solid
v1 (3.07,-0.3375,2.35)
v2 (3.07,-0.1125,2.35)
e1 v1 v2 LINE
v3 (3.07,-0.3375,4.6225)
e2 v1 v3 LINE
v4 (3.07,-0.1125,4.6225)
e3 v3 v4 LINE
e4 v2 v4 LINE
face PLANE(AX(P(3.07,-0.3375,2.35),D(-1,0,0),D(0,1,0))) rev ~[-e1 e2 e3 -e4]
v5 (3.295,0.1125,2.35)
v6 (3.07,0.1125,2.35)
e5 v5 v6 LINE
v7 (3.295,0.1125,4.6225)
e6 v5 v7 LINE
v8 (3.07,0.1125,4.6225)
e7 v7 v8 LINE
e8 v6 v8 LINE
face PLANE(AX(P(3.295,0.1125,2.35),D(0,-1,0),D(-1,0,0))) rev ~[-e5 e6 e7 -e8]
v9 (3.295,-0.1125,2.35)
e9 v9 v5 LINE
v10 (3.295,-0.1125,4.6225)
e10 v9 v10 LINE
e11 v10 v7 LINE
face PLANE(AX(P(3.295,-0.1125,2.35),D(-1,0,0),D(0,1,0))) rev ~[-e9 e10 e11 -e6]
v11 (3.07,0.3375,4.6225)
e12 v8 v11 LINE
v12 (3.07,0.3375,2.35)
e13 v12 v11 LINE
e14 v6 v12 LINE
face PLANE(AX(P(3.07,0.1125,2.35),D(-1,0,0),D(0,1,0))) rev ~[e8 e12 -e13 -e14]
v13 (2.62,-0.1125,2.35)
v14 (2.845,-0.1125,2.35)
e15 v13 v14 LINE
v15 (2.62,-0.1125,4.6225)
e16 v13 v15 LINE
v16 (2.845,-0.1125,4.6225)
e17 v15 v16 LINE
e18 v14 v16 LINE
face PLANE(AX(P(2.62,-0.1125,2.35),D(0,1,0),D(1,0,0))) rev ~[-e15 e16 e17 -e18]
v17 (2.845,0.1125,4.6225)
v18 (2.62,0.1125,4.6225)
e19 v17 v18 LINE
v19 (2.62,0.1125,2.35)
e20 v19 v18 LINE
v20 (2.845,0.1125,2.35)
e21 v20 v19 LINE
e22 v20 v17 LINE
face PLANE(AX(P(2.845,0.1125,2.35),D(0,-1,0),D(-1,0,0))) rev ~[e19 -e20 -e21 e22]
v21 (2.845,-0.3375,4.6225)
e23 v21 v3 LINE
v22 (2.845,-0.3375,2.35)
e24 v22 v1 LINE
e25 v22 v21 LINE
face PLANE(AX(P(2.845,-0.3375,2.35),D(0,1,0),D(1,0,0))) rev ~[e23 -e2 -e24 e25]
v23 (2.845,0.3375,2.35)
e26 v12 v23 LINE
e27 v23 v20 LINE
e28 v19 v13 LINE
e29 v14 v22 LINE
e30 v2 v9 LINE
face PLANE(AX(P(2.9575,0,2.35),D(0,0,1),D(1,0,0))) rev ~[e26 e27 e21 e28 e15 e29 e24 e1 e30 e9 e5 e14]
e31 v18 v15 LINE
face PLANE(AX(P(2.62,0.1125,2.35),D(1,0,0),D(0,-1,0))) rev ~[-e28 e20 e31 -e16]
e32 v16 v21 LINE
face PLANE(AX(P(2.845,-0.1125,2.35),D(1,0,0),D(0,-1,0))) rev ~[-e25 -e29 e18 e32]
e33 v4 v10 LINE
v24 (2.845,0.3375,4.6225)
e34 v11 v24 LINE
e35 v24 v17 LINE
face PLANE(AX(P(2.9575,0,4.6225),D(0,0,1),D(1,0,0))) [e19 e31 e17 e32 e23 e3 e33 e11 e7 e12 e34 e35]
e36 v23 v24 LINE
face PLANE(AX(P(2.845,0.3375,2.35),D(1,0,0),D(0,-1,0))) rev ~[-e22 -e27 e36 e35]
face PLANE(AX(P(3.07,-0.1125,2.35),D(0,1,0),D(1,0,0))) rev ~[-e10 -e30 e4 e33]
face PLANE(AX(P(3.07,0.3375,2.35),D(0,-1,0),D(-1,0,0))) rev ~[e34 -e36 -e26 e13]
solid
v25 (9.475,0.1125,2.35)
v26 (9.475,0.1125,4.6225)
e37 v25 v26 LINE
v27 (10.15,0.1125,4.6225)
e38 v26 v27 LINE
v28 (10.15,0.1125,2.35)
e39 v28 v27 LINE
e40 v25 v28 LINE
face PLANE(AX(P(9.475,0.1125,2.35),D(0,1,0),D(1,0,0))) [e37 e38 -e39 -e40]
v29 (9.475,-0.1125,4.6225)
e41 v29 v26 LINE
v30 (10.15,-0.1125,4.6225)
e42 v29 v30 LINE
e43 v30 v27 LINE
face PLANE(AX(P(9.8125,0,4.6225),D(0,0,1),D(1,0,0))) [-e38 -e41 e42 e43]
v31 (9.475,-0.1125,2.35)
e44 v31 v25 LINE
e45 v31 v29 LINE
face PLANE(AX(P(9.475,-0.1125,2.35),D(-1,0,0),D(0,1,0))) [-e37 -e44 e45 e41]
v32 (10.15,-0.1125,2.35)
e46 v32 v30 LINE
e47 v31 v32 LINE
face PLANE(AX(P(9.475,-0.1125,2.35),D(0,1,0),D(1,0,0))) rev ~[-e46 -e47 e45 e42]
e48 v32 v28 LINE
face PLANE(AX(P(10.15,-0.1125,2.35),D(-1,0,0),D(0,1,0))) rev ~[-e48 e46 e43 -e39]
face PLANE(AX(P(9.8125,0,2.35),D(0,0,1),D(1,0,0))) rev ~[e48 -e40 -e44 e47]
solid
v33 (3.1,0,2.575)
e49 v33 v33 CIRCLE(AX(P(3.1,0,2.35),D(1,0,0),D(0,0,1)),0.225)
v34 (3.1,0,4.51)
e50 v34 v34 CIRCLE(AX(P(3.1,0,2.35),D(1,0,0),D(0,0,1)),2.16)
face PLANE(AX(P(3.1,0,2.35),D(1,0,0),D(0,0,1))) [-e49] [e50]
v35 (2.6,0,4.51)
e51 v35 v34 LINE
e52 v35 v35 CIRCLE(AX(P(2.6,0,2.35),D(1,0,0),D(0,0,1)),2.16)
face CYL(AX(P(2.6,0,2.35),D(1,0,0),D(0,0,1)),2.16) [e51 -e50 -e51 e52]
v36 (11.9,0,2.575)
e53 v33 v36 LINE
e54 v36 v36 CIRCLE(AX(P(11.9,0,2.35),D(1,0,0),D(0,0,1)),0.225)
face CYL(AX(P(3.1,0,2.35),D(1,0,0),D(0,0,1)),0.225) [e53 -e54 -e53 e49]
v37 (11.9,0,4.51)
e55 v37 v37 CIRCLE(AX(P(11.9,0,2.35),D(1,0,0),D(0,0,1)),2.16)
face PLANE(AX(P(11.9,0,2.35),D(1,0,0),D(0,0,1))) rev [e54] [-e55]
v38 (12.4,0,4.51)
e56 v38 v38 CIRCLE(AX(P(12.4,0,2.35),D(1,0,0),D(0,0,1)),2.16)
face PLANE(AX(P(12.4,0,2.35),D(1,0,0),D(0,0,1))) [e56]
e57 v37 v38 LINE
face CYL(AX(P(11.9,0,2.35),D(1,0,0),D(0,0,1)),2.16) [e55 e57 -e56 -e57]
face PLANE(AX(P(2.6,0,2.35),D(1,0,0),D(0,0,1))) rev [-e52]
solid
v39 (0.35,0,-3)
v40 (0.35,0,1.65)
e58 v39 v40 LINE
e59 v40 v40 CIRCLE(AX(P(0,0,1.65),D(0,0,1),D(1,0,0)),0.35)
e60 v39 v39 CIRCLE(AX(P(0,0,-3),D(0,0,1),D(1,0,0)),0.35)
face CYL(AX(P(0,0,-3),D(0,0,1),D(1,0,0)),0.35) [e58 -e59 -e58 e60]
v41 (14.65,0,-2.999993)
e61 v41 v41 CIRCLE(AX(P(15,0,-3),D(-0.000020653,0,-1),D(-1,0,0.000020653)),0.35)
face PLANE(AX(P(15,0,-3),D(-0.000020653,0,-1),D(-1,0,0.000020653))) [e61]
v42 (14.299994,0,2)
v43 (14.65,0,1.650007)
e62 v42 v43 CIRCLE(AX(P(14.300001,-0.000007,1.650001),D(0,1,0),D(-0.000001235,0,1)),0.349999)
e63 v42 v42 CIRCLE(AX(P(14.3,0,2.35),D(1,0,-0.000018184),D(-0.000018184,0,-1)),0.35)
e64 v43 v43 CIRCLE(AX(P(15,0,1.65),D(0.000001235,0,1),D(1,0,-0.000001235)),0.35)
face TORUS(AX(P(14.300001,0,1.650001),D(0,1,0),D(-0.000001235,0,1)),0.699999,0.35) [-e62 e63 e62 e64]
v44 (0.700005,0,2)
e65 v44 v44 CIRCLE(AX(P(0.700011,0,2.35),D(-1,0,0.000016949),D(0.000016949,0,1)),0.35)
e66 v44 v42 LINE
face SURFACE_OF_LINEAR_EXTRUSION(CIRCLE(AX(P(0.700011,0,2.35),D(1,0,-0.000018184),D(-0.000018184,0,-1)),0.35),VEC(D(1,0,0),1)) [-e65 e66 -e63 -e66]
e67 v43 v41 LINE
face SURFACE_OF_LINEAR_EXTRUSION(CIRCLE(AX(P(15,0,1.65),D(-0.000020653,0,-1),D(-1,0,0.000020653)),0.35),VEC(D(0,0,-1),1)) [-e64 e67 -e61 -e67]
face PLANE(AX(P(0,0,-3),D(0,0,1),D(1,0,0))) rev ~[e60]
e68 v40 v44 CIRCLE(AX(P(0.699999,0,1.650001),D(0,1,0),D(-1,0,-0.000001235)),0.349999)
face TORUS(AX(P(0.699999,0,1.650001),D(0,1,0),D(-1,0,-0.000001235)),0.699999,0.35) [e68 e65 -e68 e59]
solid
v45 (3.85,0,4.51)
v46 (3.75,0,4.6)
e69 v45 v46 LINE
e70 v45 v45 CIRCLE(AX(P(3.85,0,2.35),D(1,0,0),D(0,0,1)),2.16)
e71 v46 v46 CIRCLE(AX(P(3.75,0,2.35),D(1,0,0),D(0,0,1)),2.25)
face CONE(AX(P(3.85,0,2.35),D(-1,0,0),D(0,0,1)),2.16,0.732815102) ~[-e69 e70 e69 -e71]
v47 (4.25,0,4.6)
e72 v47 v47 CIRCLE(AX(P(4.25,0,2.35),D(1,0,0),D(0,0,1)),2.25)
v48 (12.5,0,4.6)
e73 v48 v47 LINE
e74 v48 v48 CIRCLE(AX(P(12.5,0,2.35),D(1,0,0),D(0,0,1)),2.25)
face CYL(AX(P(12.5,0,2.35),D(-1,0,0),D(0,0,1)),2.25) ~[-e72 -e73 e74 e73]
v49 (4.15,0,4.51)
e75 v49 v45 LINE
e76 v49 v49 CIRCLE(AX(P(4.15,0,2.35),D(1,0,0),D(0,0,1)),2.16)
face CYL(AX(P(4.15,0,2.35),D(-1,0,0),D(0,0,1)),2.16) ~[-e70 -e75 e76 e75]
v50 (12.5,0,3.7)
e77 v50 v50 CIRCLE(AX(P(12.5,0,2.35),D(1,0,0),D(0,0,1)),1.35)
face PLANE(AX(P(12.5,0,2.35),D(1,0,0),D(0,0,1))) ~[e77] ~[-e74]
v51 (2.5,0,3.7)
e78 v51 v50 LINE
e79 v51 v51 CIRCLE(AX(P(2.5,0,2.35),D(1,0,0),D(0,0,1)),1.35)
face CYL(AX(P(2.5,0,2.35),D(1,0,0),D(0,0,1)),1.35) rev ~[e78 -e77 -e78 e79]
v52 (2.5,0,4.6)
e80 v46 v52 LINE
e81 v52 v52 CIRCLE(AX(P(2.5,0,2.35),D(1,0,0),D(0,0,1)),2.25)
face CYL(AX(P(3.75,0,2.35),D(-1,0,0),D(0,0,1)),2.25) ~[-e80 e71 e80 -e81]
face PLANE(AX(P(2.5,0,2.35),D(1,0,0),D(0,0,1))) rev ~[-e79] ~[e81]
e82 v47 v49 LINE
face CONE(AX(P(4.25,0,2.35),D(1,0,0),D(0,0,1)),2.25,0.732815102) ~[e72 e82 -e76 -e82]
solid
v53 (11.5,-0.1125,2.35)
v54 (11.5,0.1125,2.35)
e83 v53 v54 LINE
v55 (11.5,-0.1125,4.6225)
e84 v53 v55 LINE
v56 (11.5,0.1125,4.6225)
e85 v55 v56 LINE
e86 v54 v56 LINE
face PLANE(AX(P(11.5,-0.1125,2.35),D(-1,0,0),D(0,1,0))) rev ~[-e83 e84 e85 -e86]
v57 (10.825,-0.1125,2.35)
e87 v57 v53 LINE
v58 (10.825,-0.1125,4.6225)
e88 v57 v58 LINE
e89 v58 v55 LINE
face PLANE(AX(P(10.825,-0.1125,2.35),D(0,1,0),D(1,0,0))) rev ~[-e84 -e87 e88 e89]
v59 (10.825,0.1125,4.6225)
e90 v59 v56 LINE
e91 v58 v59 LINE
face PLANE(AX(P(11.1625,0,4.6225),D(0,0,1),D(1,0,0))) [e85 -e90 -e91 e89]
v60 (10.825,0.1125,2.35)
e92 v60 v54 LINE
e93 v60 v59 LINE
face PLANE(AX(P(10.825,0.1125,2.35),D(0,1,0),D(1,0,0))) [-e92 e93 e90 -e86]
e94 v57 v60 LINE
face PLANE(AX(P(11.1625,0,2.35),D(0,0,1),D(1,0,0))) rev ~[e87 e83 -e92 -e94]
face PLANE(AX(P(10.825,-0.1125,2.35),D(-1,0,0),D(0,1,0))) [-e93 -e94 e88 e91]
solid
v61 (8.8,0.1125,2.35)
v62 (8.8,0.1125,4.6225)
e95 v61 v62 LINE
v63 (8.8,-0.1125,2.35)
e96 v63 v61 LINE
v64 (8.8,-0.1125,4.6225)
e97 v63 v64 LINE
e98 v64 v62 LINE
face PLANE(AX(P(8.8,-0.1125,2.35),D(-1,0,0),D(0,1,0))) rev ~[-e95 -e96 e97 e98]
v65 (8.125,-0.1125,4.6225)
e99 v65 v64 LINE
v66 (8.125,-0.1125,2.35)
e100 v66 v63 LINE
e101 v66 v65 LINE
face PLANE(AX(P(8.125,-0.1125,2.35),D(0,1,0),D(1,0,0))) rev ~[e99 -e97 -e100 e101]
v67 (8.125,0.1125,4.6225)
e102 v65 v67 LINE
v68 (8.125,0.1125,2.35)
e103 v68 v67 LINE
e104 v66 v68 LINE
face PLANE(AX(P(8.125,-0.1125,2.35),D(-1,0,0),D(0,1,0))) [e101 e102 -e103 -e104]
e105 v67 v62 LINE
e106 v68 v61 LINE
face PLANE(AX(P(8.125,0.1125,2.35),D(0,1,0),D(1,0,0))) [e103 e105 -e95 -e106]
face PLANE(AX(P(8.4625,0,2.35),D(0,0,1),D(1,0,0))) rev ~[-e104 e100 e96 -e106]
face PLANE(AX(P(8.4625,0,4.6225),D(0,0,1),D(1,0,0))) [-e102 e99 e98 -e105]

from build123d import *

# Parameters (mm, degrees)
SKETCH_R    = 0.35
SKETCH004_W = 0.675
SKETCH004_H = 0.225
PAD_DEPTH   = 2.2725


with BuildPart() as sweep_body:
    # Sweep: sweep along a path in Sketch001
    with BuildLine(Plane.XZ) as sweep_path:
        Line((0, -3), (0, 1.65))
        ThreePointArc((0, 1.65), (0.205029, 2.144979), (0.700011, 2.35))
        Line((0.700011, 2.35), (14.3, 2.35))
        ThreePointArc((14.3, 2.35), (14.794975, 2.144975), (15, 1.65))
        Line((15, 1.65), (15, -3))
    # Sketch → Sweep (sweep)
    with BuildSketch(Plane.XY.offset(-2)):
        Circle(SKETCH_R)
    sweep(path=sweep_path.line)


with BuildPart() as revolution:
    # Sketch002 → Revolution (revolve)
    with BuildSketch(Plane.XZ):
        Polygon((2.5, 4.6), (2.5, 3.7), (12.5, 3.7), (12.5, 4.6), (4.25, 4.6), (4.15, 4.51), (3.85, 4.51), (3.75, 4.6), align=None)
    revolve(axis=Axis((6.97588, 0, 2.35), (1, 0, 0)))


with BuildPart() as revolution001:
    # Sketch003 → Revolution001 (revolve)
    with BuildSketch(Plane.XZ):
        Polygon((2.6, 4.51), (3.1, 4.51), (3.1, 2.575), (11.9, 2.575), (11.9, 4.51), (12.4, 4.51), (12.4, 2.35), (2.6, 2.35), align=None)
    revolve(axis=Axis((6.97588, 0, 2.35), (1, 0, 0)))


with BuildPart() as pad:
    # Sketch004 → Pad (new body)
    with BuildSketch(Plane.XY.offset(2.35)):
        with Locations((11.1625, 0)):
            Rectangle(SKETCH004_W, SKETCH004_H)
        with Locations((9.8125, 0)):
            Rectangle(SKETCH004_W, SKETCH004_H)
        with Locations((8.4625, 0)):
            Rectangle(SKETCH004_W, SKETCH004_H)
        Polygon((2.845, 0.1125), (2.62, 0.1125), (2.62, -0.1125), (2.845, -0.1125), (2.845, -0.3375), (3.07, -0.3375), (3.07, -0.1125), (3.295, -0.1125), (3.295, 0.1125), (3.07, 0.1125), (3.07, 0.3375), (2.845, 0.3375), align=None)
    extrude(amount=PAD_DEPTH)


solid = Compound([sweep_body.part, revolution.part, revolution001.part, pad.part])
